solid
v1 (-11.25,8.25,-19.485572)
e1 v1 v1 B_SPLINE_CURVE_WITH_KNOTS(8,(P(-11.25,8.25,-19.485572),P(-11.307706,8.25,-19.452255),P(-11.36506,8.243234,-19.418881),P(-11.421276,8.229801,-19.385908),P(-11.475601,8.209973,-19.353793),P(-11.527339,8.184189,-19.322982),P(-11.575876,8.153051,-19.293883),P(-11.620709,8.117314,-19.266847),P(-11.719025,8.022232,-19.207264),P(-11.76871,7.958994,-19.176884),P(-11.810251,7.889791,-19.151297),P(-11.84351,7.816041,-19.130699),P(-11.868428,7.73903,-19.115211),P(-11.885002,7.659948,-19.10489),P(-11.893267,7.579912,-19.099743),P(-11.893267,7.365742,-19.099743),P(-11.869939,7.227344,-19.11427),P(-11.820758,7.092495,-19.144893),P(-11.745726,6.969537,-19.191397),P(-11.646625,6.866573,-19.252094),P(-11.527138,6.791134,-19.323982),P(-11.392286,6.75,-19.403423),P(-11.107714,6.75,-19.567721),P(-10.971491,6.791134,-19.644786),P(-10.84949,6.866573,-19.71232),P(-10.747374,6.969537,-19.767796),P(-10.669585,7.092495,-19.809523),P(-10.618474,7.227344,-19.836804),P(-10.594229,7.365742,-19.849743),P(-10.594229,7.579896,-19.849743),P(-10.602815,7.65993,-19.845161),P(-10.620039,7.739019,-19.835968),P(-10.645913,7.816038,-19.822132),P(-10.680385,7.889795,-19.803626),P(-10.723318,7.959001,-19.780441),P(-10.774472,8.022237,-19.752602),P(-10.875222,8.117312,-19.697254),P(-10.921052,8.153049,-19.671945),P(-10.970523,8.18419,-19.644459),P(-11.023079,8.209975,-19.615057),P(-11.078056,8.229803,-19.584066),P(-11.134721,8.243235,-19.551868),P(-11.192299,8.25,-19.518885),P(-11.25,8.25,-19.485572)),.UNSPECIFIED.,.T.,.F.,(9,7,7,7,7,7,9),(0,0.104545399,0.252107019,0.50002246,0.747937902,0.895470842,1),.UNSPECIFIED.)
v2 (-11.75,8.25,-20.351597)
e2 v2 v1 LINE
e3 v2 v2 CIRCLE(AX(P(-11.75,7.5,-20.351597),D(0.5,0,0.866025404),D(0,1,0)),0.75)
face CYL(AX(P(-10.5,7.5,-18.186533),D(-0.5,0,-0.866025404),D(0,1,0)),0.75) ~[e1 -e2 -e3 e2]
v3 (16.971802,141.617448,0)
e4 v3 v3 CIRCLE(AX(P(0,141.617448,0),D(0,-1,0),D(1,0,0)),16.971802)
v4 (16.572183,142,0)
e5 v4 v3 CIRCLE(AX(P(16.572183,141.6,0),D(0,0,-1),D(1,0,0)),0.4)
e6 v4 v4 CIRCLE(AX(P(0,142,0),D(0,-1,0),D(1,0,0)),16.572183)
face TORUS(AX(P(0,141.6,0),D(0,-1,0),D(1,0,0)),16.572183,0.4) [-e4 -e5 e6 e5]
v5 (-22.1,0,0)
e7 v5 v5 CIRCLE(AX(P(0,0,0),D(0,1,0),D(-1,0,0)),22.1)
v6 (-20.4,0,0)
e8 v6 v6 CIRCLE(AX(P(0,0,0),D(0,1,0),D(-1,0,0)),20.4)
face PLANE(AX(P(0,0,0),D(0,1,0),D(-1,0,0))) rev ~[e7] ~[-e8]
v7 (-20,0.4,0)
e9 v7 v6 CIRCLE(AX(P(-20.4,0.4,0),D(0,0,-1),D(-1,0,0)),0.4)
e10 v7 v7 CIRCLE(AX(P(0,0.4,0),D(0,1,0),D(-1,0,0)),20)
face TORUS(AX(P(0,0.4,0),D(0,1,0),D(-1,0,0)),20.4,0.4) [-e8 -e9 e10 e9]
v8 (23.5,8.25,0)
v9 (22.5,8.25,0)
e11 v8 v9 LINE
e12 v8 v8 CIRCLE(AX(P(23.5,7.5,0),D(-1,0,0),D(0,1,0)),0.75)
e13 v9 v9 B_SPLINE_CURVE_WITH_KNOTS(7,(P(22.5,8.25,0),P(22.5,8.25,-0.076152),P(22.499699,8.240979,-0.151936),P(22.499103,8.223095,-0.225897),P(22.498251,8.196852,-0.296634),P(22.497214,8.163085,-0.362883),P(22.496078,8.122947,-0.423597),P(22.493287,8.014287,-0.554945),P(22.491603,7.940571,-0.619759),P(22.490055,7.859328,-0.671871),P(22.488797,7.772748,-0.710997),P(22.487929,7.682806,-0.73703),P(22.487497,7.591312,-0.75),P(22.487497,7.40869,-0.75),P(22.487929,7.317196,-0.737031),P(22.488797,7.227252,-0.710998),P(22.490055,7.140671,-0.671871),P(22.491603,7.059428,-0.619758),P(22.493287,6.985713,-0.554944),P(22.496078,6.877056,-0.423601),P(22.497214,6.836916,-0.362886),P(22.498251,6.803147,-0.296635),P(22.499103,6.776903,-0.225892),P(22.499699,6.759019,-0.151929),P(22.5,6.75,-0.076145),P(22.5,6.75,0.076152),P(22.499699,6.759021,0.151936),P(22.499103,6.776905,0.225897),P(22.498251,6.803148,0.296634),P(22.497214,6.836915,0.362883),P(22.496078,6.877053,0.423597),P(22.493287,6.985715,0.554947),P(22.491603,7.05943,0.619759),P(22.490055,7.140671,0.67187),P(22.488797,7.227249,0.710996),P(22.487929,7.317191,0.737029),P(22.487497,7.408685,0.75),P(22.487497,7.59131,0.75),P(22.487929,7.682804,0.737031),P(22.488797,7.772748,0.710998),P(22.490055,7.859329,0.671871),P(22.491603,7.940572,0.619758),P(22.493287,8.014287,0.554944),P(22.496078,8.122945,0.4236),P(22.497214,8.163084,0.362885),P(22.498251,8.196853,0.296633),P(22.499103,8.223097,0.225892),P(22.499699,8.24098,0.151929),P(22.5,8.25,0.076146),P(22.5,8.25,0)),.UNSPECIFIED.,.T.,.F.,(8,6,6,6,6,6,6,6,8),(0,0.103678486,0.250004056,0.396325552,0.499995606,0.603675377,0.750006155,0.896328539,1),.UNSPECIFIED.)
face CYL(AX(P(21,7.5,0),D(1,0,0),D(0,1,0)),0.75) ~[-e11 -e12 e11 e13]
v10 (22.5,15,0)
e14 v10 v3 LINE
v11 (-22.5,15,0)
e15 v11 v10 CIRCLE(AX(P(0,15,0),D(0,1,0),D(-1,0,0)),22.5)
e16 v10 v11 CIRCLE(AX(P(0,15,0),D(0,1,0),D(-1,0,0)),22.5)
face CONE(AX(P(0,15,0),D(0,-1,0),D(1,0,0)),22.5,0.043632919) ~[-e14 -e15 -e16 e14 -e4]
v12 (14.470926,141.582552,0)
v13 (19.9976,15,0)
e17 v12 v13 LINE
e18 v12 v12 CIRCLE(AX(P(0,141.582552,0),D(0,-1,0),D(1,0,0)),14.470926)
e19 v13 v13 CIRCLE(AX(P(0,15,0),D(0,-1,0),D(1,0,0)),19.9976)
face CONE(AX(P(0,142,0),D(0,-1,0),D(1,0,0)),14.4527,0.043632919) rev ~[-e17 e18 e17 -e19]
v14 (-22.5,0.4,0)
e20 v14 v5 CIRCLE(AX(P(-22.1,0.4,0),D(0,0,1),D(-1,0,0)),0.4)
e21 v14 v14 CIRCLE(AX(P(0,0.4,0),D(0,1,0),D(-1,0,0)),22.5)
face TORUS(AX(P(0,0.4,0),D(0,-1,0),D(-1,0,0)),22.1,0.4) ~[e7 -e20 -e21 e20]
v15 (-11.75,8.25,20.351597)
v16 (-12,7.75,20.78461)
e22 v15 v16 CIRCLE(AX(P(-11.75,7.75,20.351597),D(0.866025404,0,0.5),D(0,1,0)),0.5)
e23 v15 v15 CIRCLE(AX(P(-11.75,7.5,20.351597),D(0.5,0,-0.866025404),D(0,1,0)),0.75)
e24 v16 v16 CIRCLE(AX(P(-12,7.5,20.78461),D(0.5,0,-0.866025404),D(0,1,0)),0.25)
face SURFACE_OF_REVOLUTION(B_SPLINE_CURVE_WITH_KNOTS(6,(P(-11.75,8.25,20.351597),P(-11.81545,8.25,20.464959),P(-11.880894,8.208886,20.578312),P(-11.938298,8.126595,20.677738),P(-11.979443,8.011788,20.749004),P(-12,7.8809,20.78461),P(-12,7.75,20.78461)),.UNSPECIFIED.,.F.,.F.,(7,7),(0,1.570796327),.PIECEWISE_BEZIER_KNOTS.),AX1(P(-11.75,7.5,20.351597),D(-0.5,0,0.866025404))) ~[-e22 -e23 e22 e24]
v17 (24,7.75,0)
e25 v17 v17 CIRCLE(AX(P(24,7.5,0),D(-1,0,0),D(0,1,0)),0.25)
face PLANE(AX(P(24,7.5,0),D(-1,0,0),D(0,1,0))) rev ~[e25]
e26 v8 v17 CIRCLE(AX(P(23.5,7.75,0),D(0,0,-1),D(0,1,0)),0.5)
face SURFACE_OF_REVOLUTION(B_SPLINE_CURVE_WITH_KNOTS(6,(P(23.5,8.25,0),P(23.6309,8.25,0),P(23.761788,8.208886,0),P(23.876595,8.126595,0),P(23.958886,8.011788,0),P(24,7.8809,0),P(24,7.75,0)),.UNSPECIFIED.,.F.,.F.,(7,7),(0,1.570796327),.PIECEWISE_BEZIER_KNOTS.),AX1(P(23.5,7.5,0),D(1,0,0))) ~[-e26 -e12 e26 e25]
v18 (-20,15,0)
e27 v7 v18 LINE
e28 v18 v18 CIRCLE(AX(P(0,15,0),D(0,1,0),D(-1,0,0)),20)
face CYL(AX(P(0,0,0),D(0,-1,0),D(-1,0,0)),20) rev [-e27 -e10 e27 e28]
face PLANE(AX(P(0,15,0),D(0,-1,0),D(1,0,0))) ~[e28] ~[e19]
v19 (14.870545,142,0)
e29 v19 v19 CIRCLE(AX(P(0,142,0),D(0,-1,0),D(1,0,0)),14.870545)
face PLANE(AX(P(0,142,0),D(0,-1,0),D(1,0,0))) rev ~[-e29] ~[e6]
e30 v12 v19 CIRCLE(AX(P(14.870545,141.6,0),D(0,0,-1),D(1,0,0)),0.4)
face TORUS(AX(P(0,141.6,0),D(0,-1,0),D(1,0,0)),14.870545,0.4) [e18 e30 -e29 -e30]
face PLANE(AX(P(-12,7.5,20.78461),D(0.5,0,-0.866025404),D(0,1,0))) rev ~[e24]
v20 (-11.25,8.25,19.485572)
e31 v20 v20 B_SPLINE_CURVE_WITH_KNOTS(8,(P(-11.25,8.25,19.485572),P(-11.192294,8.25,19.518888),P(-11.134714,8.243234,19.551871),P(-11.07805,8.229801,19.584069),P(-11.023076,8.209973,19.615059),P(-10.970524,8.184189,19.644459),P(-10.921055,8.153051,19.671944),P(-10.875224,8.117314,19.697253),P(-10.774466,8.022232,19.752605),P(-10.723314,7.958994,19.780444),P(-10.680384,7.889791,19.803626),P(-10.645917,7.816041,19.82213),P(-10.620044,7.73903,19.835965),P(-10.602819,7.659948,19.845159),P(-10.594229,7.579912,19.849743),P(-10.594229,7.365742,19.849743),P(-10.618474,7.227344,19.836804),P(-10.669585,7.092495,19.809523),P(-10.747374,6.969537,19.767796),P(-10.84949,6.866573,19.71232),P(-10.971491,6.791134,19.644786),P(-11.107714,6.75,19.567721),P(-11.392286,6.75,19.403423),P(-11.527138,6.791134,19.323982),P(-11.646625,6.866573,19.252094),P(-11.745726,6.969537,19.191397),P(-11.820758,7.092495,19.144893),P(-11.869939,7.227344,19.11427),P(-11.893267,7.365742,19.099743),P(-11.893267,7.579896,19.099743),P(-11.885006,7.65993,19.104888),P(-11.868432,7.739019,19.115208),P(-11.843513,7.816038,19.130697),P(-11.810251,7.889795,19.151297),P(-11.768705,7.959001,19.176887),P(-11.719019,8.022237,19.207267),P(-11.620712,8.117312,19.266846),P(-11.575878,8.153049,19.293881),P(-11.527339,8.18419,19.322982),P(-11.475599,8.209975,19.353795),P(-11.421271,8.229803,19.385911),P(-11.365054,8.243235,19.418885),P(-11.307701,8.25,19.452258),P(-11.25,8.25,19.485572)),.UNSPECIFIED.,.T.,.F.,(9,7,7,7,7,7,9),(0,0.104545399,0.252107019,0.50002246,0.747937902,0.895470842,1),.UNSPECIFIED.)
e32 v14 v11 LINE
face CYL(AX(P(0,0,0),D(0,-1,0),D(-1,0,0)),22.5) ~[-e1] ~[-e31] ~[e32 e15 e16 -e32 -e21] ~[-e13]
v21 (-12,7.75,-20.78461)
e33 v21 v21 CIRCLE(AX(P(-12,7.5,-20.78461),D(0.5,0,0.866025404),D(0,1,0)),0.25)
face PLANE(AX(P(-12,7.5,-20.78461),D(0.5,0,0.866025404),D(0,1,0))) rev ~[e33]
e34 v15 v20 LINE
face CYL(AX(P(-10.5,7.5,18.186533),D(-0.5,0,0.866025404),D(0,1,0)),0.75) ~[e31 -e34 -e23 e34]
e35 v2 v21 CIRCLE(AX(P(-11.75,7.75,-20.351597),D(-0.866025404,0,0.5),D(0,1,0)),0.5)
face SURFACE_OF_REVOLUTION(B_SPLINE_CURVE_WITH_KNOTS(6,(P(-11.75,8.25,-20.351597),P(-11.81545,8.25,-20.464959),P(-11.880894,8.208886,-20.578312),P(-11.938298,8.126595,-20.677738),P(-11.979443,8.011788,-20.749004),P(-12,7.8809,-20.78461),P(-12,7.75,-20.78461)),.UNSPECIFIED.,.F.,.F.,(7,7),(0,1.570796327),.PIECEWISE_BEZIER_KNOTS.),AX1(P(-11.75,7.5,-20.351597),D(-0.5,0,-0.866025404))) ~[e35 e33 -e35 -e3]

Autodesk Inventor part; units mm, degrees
ref_plane "YZ Plane" through (0, 0, 0) normal (1, 0, 0) x (0, 1, 0)
ref_plane "XZ Plane" through (0, 0, 0) normal (0, 1, 0) x (-1, 0, 0)
ref_plane "XY Plane" through (0, 0, 0) normal (0, 0, 1) x (1, 0, 0)
sketch "Base Profile" plane through (0, 0, 0) normal (0, 1, 0) x (-1, 0, 0)
  circle A0 centre (0, 0) radius 22.5
  circle A1 centre (0, 0) radius 20
  dimension "d55" = 45
  dimension "d56" = 40
extrude "Bayonet Mounting" add sketch "Base Profile" along normal blind 15
sketch "Sketch4" plane through (0, 0, 0) normal (0, 0, 1) x (1, 0, 0)
  line L0 (0, 0) -> (0, 15)
  line L1 (0, 15) -> (22.5, 15)
  line L2 (0, 0) -> (22.5, 0)
  line L3 (22.5, 15) -> (22.5, 0)
  line L4 (21, 8.25) -> (24, 8.25)
  line L5 (24, 8.25) -> (24, 6.75)
  line L6 (24, 6.75) -> (21, 6.75)
  line L7 (21, 6.75) -> (21, 8.25)
  line L8 (21, 8.25) -> (24, 6.75) construction
  line L9 (24, 8.25) -> (21, 6.75) construction
  line L10 (24, 7.5) -> (21, 7.5)
  line L11 (22.5, 15) -> (16.9551, 142)
  line L12 (16.9551, 142) -> (0, 142)
  line L13 (0, 142) -> (0, 15)
  line L14 (14.4527, 142) -> (19.9976, 15)
  point P0 (22.5, 7.5)
  dimension "d59" = 15
  dimension "d60" = 45
  dimension "d106" = 1.5
  dimension "d107" = 1.5
  dimension "d113" = 127
  dimension "d114" = 87.5
  dimension "d115" = 2.5
revolve "Lug" add sketch "Sketch4" angle 360 about axis through (24, 7.5, 0) along (-1, 0, 0) contours L10 L7 L4 L3 | L3 L4 L5 L10
fillet "Lug Fillet" radius 0.5 1 edges at (24, 6.75, 0)
pattern_circular "Lugs" count 3 over 360 about axis through (0, -10, 0) along (0, 1, 0) of "Lug", "Lug Fillet"
revolve "Revolution5" add sketch "Sketch4" angle 360 about axis through (0, 142, 0) along (0, -1, 0) contours L14 L12 L11 L1
fillet "Fillet7" radius 0.4 4 edges at (22.5, 0, 0) (20, 0, 0) (-14.4527, 142, 0) (-16.9551, 142, 0)
equation "\"d106\" = lugThickness"
equation "\"d107\" = lugThickness"
equation "\"lugThickness\" = 1.5"
properties part number "Tapered Vac Fitting" material "PVC, Unplasticized"
